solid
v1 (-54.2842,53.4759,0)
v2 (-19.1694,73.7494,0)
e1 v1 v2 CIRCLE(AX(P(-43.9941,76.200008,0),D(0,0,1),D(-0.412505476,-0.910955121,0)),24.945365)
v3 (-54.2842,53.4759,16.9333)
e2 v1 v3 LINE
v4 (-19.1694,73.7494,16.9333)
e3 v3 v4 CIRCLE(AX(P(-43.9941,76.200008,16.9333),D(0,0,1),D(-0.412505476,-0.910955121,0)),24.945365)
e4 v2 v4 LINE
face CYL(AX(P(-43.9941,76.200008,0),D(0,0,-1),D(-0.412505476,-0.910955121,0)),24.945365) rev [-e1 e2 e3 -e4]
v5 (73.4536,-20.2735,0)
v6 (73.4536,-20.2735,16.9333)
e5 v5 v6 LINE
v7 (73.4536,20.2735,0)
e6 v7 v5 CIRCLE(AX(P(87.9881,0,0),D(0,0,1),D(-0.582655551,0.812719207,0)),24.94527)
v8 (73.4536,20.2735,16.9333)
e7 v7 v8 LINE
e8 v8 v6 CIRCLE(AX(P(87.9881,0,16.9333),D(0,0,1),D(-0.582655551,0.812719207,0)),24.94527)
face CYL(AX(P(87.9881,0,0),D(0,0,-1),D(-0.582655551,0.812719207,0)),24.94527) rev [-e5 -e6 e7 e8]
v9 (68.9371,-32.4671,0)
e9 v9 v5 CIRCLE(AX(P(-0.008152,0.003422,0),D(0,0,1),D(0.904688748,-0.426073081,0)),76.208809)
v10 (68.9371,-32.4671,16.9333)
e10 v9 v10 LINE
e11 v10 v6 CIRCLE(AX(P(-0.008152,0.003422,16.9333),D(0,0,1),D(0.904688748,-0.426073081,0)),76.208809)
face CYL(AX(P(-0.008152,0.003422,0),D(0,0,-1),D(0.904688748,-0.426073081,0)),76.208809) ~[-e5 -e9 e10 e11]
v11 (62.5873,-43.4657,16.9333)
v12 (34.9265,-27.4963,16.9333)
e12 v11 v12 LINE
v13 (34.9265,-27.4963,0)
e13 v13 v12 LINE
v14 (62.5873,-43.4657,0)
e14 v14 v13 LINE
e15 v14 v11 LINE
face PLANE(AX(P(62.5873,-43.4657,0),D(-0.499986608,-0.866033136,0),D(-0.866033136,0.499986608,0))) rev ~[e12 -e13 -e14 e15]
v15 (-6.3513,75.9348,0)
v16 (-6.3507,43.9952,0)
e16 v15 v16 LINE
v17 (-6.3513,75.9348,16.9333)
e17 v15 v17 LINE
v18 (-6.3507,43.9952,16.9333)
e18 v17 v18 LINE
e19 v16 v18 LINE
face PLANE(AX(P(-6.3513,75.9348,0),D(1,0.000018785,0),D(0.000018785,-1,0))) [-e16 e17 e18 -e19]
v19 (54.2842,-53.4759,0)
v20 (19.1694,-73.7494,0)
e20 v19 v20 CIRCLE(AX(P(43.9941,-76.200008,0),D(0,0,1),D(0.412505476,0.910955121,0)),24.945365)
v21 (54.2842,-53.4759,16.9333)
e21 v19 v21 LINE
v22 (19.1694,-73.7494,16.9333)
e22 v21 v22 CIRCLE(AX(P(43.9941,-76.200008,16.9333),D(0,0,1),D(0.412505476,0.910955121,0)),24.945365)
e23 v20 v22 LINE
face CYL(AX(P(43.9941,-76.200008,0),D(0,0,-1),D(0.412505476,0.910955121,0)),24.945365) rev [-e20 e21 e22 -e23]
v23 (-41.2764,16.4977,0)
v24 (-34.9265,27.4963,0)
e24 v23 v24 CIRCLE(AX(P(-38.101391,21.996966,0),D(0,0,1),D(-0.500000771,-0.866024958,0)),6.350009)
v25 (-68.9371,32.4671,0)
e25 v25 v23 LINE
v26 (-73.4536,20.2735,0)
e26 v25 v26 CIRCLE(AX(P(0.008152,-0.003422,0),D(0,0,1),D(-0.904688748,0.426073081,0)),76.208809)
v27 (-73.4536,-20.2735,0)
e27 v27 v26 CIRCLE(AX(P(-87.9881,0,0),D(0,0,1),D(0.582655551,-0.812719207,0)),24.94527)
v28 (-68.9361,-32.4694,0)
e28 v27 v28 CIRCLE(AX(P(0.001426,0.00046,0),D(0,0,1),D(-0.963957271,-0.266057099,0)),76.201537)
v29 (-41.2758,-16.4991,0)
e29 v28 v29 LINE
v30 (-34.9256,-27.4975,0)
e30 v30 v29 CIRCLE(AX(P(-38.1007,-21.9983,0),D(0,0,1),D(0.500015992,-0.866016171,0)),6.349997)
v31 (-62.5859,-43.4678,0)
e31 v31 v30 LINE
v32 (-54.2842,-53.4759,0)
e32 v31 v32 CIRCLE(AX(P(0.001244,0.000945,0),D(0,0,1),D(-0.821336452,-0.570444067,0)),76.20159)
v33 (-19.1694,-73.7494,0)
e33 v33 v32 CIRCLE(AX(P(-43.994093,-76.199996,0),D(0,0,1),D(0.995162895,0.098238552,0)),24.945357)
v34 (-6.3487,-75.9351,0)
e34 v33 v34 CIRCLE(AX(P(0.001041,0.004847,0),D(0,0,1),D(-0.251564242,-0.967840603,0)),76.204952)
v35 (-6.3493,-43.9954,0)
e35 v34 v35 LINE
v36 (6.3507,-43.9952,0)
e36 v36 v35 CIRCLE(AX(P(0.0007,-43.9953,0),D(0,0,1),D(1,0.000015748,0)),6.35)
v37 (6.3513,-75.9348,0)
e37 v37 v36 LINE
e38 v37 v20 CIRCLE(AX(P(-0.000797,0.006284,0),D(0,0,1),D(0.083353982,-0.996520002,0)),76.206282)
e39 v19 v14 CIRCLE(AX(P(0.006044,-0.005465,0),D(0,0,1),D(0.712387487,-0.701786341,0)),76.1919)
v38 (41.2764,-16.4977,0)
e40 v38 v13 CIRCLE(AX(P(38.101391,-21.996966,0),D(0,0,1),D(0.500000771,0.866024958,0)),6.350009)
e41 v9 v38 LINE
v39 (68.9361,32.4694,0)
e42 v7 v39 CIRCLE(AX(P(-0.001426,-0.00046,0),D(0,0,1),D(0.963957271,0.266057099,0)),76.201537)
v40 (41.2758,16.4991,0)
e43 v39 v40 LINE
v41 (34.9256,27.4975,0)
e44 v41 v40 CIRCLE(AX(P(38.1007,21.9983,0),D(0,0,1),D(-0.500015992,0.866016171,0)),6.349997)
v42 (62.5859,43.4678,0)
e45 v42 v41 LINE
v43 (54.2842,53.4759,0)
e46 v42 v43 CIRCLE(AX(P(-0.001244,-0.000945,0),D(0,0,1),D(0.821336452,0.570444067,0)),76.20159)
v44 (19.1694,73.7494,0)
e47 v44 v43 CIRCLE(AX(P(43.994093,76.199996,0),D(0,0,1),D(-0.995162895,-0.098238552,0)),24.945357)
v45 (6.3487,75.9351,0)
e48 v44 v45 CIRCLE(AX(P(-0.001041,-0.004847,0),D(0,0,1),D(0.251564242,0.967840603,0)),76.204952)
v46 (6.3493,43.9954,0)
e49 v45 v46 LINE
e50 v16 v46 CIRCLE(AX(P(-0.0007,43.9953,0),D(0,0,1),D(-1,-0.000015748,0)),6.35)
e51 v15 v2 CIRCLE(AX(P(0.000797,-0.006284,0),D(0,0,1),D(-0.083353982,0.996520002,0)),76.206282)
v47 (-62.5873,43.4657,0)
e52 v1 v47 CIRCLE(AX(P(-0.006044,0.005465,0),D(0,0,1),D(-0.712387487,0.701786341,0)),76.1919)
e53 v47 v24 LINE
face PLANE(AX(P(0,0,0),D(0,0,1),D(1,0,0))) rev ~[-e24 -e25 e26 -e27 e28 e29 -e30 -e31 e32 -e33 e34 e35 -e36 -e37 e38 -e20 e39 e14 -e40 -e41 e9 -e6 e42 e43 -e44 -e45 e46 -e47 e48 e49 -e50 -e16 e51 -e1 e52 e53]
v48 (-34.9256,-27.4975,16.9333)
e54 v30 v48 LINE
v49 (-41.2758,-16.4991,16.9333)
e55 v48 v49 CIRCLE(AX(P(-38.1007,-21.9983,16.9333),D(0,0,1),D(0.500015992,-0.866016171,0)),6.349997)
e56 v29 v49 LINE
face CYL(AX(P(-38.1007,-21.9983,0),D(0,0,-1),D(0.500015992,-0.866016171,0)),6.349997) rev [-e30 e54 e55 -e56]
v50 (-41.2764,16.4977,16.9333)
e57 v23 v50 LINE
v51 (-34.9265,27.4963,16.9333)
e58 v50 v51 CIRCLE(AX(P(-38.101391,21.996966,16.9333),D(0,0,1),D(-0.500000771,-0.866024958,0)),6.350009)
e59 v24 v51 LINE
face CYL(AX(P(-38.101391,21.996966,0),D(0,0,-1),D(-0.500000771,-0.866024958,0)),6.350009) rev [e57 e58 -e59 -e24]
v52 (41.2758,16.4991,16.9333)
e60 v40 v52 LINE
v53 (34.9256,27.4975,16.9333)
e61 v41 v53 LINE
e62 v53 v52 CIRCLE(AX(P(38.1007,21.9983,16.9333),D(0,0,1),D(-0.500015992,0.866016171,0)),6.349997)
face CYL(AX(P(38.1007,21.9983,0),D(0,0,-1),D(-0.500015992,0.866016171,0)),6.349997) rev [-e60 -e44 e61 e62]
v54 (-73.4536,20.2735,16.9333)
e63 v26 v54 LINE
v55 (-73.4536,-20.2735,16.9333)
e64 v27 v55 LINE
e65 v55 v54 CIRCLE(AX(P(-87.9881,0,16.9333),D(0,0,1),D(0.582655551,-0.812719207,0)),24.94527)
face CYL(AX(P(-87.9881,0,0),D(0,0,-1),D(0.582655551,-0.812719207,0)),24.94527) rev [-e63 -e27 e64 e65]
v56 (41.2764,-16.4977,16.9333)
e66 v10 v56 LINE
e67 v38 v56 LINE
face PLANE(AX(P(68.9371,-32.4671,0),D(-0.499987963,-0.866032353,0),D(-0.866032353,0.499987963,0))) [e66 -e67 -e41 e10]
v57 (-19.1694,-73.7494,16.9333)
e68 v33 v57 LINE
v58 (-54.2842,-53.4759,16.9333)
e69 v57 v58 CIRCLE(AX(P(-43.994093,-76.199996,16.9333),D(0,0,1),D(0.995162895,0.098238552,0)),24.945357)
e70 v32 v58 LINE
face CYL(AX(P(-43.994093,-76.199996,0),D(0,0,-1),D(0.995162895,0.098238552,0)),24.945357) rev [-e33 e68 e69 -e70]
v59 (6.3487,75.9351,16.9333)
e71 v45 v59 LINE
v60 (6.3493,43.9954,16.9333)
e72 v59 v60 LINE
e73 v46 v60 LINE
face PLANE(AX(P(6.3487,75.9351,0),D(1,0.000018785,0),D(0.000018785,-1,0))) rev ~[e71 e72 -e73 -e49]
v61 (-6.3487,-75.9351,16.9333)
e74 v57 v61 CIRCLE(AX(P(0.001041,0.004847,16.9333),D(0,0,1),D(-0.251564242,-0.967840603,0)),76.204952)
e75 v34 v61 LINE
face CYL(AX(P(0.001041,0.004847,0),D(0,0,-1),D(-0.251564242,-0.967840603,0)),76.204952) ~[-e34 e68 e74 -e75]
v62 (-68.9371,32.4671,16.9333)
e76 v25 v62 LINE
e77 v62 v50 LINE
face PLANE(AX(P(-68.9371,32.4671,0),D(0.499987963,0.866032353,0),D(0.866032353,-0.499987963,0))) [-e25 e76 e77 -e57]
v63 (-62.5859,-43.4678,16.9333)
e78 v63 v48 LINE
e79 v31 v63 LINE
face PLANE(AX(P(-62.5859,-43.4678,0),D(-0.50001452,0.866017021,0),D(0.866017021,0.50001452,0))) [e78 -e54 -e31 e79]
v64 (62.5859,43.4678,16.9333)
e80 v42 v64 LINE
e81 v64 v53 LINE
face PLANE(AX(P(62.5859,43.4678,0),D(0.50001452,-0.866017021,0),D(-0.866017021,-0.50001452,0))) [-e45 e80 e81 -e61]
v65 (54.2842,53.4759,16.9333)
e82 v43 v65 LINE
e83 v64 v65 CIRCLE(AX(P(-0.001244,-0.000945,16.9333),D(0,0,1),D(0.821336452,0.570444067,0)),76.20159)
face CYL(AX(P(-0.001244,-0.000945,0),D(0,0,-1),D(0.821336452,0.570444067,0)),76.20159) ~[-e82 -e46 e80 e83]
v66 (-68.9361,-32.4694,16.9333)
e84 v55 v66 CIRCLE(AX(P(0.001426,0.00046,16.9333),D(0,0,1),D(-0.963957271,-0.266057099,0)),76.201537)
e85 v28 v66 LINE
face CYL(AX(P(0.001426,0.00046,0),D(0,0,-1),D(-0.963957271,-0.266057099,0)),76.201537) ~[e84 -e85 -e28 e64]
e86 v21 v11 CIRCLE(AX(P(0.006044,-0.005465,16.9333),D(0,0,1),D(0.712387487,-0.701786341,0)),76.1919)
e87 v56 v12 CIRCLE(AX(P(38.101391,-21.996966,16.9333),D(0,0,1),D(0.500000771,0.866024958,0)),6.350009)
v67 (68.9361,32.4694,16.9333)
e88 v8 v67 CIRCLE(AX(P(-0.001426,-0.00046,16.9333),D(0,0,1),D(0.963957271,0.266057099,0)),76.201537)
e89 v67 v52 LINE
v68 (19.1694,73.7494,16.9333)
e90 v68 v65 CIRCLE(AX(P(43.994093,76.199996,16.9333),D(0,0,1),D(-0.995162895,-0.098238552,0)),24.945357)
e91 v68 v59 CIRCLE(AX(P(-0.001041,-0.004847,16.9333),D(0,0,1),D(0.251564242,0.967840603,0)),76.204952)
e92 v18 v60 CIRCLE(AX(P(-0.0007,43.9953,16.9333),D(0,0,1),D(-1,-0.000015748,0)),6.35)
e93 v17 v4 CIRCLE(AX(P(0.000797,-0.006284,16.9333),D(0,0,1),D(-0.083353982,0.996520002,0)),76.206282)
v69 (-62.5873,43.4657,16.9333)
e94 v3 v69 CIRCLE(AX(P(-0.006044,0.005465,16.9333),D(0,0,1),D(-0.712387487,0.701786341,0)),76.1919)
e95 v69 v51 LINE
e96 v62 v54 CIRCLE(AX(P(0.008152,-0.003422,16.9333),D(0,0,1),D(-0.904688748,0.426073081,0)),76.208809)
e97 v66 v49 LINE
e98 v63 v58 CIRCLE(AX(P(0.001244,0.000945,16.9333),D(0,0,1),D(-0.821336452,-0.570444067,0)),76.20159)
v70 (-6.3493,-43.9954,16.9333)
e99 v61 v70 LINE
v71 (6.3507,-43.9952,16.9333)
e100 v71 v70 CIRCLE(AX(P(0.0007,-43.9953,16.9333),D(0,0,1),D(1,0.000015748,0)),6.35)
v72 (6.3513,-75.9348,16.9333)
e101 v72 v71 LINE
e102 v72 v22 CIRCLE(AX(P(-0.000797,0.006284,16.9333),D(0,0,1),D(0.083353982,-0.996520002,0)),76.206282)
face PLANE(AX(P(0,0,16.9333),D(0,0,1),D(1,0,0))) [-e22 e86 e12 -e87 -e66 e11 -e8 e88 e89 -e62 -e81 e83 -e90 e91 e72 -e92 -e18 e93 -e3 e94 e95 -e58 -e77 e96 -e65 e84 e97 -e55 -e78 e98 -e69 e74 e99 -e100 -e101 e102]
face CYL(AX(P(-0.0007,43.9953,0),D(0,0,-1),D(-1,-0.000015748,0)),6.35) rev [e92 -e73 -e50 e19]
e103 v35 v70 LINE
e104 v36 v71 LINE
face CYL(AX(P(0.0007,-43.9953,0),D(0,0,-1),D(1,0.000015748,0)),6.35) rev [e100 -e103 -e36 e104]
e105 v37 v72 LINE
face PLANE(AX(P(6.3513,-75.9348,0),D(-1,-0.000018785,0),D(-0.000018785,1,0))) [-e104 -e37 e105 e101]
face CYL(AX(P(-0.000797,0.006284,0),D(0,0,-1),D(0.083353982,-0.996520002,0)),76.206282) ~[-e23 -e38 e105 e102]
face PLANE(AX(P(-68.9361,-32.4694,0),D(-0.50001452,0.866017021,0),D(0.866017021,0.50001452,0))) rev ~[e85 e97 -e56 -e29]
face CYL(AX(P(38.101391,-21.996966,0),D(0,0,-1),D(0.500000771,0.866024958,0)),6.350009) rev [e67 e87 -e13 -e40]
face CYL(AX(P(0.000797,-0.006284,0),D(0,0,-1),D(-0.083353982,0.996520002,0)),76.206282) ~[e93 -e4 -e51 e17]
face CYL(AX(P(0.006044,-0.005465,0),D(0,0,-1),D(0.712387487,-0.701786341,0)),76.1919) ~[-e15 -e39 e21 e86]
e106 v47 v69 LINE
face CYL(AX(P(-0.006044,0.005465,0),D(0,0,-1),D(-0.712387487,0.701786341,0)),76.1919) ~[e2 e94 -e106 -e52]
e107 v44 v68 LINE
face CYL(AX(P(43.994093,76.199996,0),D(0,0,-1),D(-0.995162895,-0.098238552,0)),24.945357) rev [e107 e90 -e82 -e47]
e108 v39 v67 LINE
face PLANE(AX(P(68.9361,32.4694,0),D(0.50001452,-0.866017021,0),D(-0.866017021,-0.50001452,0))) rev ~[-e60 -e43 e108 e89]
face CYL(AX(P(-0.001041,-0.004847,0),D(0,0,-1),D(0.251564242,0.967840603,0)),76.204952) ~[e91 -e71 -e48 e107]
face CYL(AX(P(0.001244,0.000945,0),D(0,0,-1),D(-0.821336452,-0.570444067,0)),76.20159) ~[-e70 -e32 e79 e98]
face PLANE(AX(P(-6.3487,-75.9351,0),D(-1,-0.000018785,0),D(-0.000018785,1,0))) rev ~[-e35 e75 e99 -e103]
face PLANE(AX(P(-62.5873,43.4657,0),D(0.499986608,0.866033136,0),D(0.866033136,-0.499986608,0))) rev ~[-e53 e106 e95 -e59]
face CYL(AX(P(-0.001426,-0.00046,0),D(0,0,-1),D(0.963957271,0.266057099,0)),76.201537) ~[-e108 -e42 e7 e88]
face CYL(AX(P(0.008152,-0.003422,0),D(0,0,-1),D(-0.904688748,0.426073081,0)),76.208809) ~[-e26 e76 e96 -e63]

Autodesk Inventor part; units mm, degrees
ref_plane "YZ Plane" through (0, 0, 0) normal (1, 0, 0) x (0, 1, 0)
ref_plane "XZ Plane" through (0, 0, 0) normal (0, 1, 0) x (-1, 0, 0)
ref_plane "XY Plane" through (0, 0, 0) normal (0, 0, 1) x (1, 0, 0)
sketch "Sketch2" plane through (0, 0, 0) normal (0, 0, 1) x (1, 0, 0)
  line L0 (0, 0) -> (87.9881, 0) construction
  line L1 (0, 0) -> (65.9905, 38.1011) construction
  line L2 (65.9905, 38.1011) -> (87.9881, 0) construction
  circle A0 centre (0, 0) radius 76.2 construction
  line L3 (62.5859, 43.4678) -> (34.9256, 27.4975)
  line L4 (68.9361, 32.4694) -> (41.2758, 16.4991)
  arc A1 (34.9256, 27.4975) -> (41.2758, 16.4991) centre (38.1007, 21.9983) ccw
  arc A2 (73.4536, 20.2735) -> (73.4536, -20.2735) centre (87.9881, 0) ccw
  arc A3 (73.4536, 20.2735) -> (68.9361, 32.4694) centre (0, 0) ccw
  line L5 (62.5873, -43.4657) -> (34.9265, -27.4963)
  arc A4 (41.2764, -16.4977) -> (34.9265, -27.4963) centre (38.1014, -21.997) ccw
  line L6 (68.9371, -32.4671) -> (41.2764, -16.4977)
  arc A5 (54.2842, -53.4759) -> (62.5873, -43.4657) centre (0, 0) ccw
  arc A6 (54.2842, -53.4759) -> (19.1694, -73.7494) centre (43.9941, -76.2) ccw
  line L7 (-6.3487, -75.9351) -> (-6.3493, -43.9954)
  arc A7 (6.3507, -43.9952) -> (-6.3493, -43.9954) centre (0.0007, -43.9953) ccw
  line L8 (6.3513, -75.9348) -> (6.3507, -43.9952)
  arc A8 (-19.1694, -73.7494) -> (-6.3487, -75.9351) centre (0, 0) ccw
  arc A9 (-19.1694, -73.7494) -> (-54.2842, -53.4759) centre (-43.9941, -76.2) ccw
  line L9 (-68.9361, -32.4694) -> (-41.2758, -16.4991)
  arc A10 (-34.9256, -27.4975) -> (-41.2758, -16.4991) centre (-38.1007, -21.9983) ccw
  line L10 (-62.5859, -43.4678) -> (-34.9256, -27.4975)
  arc A11 (-73.4536, -20.2735) -> (-68.9361, -32.4694) centre (0, 0) ccw
  arc A12 (-73.4536, -20.2735) -> (-73.4536, 20.2735) centre (-87.9881, 0) ccw
  line L11 (-62.5873, 43.4657) -> (-34.9265, 27.4963)
  arc A13 (-41.2764, 16.4977) -> (-34.9265, 27.4963) centre (-38.1014, 21.997) ccw
  line L12 (-68.9371, 32.4671) -> (-41.2764, 16.4977)
  arc A14 (-54.2842, 53.4759) -> (-62.5873, 43.4657) centre (0, 0) ccw
  arc A15 (-54.2842, 53.4759) -> (-19.1694, 73.7494) centre (-43.9941, 76.2) ccw
  line L13 (6.3487, 75.9351) -> (6.3493, 43.9954)
  arc A16 (-6.3507, 43.9952) -> (6.3493, 43.9954) centre (-0.0007, 43.9953) ccw
  line L14 (-6.3513, 75.9348) -> (-6.3507, 43.9952)
  arc A17 (19.1694, 73.7494) -> (6.3487, 75.9351) centre (0, 0) ccw
  arc A18 (19.1694, 73.7494) -> (54.2842, 53.4759) centre (43.9941, 76.2) ccw
  arc A19 (62.5859, 43.4678) -> (54.2842, 53.4759) centre (0, 0) ccw
  arc A20 (-6.3513, 75.9348) -> (-19.1694, 73.7494) centre (0, 0) ccw
  arc A21 (-68.9371, 32.4671) -> (-73.4536, 20.2735) centre (0, 0) ccw
  arc A22 (-62.5859, -43.4678) -> (-54.2842, -53.4759) centre (0, 0) ccw
  arc A23 (6.3513, -75.9348) -> (19.1694, -73.7494) centre (0, 0) ccw
  arc A24 (68.9371, -32.4671) -> (73.4536, -20.2735) centre (0, 0) ccw
  dimension "d6" = 87.9881
  dimension "d7" = 43.9953
  dimension "d8" = 76.2
  dimension "d9" = 12.7
  dimension "d10" = 32.2047
  dimension "d12" = 24.9453
  dimension "d15" = 360
extrude "Extrusion1" add sketch "Sketch2" along normal blind 16.9333
properties part number "Geneva Driven"
